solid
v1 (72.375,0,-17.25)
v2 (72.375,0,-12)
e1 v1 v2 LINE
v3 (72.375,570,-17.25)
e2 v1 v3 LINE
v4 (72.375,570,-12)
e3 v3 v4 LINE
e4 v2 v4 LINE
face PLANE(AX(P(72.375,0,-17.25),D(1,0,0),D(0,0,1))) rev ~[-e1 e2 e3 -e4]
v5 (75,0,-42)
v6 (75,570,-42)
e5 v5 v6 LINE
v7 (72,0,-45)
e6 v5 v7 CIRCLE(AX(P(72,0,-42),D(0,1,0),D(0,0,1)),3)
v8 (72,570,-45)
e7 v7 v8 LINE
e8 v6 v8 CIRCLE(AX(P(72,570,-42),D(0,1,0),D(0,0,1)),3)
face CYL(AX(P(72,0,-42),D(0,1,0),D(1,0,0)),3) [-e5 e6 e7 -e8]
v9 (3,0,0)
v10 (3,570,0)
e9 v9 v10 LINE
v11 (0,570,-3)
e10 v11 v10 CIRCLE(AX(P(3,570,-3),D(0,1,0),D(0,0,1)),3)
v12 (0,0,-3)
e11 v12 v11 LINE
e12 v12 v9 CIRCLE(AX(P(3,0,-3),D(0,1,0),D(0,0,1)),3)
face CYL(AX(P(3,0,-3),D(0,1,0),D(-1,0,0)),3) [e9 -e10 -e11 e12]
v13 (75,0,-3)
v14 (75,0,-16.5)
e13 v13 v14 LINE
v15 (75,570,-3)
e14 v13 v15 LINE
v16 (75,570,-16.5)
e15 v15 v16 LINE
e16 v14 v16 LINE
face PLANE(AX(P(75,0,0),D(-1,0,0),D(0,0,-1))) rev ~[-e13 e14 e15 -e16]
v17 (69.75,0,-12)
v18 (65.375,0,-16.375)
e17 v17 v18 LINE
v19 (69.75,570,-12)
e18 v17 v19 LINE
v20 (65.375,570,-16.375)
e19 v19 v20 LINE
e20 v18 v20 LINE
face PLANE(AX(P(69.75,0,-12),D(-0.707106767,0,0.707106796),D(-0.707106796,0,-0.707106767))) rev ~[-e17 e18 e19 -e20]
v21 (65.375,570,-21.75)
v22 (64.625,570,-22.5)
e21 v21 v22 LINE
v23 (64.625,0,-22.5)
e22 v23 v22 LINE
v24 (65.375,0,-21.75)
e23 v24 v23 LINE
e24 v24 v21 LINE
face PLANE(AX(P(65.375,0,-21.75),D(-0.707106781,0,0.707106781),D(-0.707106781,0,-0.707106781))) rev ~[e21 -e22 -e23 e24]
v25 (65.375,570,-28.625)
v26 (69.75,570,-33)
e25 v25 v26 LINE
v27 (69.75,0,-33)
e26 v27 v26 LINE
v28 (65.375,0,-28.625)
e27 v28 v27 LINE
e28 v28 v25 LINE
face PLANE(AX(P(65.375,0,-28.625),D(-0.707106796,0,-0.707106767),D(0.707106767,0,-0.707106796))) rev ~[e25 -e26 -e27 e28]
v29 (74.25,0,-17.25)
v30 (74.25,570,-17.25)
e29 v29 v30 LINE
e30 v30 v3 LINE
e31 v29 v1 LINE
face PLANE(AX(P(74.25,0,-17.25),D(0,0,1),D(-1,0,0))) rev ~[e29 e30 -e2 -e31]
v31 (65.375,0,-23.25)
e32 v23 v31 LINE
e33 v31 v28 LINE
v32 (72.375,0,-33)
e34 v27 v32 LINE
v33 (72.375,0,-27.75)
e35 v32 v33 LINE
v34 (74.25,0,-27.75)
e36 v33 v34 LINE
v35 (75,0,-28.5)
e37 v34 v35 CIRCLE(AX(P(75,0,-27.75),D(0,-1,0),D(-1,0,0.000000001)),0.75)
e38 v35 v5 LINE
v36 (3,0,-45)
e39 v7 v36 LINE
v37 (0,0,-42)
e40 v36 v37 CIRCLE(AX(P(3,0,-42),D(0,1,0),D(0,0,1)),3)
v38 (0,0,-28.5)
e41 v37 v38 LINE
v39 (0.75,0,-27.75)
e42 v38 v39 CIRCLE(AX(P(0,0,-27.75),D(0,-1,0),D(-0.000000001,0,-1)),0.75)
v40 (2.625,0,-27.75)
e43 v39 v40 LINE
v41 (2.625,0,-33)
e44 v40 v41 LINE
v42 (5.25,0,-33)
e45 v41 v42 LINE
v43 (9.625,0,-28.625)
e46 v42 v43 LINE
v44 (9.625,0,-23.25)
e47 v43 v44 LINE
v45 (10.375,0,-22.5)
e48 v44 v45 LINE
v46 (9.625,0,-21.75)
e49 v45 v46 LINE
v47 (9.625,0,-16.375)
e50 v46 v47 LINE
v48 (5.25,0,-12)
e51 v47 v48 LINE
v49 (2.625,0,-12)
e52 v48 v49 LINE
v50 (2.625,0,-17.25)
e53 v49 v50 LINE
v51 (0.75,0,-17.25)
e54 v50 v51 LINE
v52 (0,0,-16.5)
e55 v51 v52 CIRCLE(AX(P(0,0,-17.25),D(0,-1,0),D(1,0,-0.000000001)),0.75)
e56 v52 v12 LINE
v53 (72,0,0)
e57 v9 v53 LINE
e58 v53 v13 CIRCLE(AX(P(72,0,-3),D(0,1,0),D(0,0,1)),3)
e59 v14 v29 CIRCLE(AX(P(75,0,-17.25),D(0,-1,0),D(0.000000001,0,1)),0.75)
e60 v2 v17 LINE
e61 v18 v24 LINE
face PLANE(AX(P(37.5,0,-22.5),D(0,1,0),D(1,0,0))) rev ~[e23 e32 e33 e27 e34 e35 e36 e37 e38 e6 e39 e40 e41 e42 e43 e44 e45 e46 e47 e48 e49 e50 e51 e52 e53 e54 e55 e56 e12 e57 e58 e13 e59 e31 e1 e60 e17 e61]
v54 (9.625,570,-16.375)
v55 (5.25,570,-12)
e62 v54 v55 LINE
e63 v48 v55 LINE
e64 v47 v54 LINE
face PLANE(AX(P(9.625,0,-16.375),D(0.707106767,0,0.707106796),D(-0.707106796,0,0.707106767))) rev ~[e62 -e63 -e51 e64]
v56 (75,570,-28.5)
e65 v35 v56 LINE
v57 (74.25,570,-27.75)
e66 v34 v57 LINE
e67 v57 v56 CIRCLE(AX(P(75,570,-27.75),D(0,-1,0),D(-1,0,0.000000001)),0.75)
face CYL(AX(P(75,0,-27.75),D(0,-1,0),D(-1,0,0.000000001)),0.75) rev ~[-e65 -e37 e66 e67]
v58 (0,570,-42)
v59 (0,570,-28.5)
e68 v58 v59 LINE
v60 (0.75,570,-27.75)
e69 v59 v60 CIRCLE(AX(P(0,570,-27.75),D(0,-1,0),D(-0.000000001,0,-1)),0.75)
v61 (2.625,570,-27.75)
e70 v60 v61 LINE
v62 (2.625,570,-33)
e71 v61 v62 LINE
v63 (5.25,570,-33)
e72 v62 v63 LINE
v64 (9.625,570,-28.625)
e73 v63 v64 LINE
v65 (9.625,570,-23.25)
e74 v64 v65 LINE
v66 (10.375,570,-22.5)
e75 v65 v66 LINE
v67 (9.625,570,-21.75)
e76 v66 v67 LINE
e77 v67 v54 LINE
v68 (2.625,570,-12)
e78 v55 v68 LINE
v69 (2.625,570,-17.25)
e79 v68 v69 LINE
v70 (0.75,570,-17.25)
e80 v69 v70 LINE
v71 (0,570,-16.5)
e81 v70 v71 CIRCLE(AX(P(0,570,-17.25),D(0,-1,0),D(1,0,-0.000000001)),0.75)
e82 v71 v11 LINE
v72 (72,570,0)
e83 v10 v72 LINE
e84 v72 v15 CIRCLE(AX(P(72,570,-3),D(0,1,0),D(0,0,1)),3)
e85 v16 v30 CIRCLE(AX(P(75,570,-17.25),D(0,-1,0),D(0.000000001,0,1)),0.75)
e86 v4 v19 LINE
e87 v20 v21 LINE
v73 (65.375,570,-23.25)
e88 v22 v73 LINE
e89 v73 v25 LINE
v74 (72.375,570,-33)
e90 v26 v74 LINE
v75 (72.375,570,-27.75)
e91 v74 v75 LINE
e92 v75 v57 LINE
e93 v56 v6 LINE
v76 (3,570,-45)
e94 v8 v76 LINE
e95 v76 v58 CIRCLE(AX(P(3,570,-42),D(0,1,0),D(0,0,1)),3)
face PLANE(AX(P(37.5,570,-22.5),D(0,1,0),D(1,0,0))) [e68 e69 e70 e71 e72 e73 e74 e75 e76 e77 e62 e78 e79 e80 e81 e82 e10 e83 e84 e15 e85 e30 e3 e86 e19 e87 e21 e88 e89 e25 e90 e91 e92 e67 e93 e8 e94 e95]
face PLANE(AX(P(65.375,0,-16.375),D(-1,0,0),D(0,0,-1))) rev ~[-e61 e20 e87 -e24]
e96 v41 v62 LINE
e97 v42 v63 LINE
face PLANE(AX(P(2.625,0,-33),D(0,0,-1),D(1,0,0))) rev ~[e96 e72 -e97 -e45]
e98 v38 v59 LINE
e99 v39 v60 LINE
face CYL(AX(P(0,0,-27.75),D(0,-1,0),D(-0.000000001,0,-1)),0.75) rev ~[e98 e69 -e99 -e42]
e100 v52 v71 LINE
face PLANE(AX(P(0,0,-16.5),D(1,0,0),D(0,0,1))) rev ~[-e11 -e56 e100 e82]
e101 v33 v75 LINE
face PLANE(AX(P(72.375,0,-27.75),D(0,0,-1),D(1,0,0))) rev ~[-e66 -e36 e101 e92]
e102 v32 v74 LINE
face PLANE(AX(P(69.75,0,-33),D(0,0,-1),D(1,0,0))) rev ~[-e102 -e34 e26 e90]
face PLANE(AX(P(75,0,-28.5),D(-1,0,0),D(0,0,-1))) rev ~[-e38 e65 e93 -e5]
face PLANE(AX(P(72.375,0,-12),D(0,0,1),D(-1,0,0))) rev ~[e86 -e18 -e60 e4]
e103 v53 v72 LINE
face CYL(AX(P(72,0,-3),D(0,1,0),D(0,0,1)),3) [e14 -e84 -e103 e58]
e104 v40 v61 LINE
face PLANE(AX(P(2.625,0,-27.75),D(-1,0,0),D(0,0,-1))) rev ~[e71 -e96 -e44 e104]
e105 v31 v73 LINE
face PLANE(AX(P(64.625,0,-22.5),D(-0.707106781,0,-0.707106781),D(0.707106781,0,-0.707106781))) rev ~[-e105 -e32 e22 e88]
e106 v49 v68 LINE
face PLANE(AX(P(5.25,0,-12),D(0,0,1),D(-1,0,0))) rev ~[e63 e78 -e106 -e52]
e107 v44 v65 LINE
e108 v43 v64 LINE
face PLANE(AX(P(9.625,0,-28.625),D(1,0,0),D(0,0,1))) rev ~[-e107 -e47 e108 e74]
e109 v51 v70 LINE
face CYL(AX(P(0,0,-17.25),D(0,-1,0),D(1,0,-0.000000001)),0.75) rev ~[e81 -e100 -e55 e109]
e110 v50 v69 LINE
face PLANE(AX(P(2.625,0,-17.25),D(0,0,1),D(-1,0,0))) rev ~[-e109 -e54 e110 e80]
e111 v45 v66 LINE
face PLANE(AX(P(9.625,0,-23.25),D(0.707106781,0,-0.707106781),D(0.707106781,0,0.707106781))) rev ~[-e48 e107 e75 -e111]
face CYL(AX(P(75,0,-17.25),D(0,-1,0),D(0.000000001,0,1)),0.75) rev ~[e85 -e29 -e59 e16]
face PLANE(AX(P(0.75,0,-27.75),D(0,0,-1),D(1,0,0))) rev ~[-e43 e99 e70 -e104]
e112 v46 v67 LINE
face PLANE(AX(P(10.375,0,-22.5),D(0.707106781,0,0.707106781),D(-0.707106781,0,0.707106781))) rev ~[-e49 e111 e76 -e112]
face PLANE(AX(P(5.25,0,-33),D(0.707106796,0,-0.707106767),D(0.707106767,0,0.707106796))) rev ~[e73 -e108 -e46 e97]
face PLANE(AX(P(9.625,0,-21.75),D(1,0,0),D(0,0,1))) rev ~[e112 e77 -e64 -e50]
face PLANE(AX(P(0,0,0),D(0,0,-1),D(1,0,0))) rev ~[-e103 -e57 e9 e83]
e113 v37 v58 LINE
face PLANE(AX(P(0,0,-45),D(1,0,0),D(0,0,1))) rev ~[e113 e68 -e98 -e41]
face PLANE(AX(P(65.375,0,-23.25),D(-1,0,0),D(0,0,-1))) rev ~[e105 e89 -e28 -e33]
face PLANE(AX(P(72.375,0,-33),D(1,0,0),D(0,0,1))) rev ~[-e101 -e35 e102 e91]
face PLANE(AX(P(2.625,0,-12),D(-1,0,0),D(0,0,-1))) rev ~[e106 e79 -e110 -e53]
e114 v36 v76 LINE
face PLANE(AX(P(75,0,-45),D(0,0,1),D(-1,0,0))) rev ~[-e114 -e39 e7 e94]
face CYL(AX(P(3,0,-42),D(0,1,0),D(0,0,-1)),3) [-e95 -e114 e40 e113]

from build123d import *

# Parameters (mm, degrees)
BOSS_EXTRUDE1_DEPTH = 570
FILLET1_R           = 3


with BuildPart() as part:
    # Sketch1 → Boss-Extrude1 (new body)
    with BuildSketch(Plane(origin=(0, 0, 0), x_dir=(1, 0, 0), z_dir=(0, 1, 0))):
        with BuildLine():
            Line((2.625, 17.250000178), (0.75, 17.250000178))
            ThreePointArc((0.75, 17.250000178), (0.530330086, 16.719670092), (0, 16.500000178))
            Line((0, 16.500000178), (0, 0))
            Line((0, 0), (75, 0))
            Line((75, 0), (75, 16.500000178))
            ThreePointArc((75, 16.500000178), (74.469669914, 16.719670092), (74.25, 17.250000178))
            Line((74.25, 17.250000178), (72.375, 17.250000178))
            Line((72.375, 17.250000178), (72.375, 12.000000178))
            Line((72.375, 12.000000178), (69.75, 12.000000178))
            Line((69.75, 12.000000178), (65.375, 16.375))
            Line((65.375, 16.375), (65.375, 21.75))
            Line((65.375, 21.75), (64.625, 22.5))
            Line((64.625, 22.5), (65.375, 23.25))
            Line((65.375, 23.25), (65.375, 28.625))
            Line((65.375, 28.625), (69.75, 33.000000178))
            Line((69.75, 33.000000178), (72.375, 33.000000178))
            Line((72.375, 33.000000178), (72.375, 27.750000178))
            Line((72.375, 27.750000178), (74.25, 27.750000178))
            ThreePointArc((74.25, 27.750000178), (74.469669914, 28.280330264), (75, 28.500000178))
            Line((75, 28.500000178), (75, 45))
            Line((75, 45), (0, 45))
            Line((0, 45), (0, 28.500000178))
            ThreePointArc((0, 28.500000178), (0.530330086, 28.280330264), (0.75, 27.750000178))
            Line((0.75, 27.750000178), (2.625, 27.750000178))
            Line((2.625, 27.750000178), (2.625, 33.000000178))
            Line((2.625, 33.000000178), (5.25, 33.000000178))
            Line((5.25, 33.000000178), (9.625, 28.625))
            Line((9.625, 28.625), (9.625, 23.25))
            Line((9.625, 23.25), (10.375, 22.5))
            Line((10.375, 22.5), (9.625, 21.75))
            Line((9.625, 21.75), (9.625, 16.375))
            Line((9.625, 16.375), (5.25, 12.000000178))
            Line((5.25, 12.000000178), (2.625, 12.000000178))
            Line((2.625, 12.000000178), (2.625, 17.250000178))
        make_face()
    extrude(amount=BOSS_EXTRUDE1_DEPTH)

    # Fillet1
    fillet1_edges = [part.edges().sort_by_distance(p)[0] for p in [
        (0, 285, 0),
        (0, 285, -45),
        (75, 285, -45),
        (75, 285, 0),
    ]]
    fillet(fillet1_edges, radius=FILLET1_R)


solid = part.part
